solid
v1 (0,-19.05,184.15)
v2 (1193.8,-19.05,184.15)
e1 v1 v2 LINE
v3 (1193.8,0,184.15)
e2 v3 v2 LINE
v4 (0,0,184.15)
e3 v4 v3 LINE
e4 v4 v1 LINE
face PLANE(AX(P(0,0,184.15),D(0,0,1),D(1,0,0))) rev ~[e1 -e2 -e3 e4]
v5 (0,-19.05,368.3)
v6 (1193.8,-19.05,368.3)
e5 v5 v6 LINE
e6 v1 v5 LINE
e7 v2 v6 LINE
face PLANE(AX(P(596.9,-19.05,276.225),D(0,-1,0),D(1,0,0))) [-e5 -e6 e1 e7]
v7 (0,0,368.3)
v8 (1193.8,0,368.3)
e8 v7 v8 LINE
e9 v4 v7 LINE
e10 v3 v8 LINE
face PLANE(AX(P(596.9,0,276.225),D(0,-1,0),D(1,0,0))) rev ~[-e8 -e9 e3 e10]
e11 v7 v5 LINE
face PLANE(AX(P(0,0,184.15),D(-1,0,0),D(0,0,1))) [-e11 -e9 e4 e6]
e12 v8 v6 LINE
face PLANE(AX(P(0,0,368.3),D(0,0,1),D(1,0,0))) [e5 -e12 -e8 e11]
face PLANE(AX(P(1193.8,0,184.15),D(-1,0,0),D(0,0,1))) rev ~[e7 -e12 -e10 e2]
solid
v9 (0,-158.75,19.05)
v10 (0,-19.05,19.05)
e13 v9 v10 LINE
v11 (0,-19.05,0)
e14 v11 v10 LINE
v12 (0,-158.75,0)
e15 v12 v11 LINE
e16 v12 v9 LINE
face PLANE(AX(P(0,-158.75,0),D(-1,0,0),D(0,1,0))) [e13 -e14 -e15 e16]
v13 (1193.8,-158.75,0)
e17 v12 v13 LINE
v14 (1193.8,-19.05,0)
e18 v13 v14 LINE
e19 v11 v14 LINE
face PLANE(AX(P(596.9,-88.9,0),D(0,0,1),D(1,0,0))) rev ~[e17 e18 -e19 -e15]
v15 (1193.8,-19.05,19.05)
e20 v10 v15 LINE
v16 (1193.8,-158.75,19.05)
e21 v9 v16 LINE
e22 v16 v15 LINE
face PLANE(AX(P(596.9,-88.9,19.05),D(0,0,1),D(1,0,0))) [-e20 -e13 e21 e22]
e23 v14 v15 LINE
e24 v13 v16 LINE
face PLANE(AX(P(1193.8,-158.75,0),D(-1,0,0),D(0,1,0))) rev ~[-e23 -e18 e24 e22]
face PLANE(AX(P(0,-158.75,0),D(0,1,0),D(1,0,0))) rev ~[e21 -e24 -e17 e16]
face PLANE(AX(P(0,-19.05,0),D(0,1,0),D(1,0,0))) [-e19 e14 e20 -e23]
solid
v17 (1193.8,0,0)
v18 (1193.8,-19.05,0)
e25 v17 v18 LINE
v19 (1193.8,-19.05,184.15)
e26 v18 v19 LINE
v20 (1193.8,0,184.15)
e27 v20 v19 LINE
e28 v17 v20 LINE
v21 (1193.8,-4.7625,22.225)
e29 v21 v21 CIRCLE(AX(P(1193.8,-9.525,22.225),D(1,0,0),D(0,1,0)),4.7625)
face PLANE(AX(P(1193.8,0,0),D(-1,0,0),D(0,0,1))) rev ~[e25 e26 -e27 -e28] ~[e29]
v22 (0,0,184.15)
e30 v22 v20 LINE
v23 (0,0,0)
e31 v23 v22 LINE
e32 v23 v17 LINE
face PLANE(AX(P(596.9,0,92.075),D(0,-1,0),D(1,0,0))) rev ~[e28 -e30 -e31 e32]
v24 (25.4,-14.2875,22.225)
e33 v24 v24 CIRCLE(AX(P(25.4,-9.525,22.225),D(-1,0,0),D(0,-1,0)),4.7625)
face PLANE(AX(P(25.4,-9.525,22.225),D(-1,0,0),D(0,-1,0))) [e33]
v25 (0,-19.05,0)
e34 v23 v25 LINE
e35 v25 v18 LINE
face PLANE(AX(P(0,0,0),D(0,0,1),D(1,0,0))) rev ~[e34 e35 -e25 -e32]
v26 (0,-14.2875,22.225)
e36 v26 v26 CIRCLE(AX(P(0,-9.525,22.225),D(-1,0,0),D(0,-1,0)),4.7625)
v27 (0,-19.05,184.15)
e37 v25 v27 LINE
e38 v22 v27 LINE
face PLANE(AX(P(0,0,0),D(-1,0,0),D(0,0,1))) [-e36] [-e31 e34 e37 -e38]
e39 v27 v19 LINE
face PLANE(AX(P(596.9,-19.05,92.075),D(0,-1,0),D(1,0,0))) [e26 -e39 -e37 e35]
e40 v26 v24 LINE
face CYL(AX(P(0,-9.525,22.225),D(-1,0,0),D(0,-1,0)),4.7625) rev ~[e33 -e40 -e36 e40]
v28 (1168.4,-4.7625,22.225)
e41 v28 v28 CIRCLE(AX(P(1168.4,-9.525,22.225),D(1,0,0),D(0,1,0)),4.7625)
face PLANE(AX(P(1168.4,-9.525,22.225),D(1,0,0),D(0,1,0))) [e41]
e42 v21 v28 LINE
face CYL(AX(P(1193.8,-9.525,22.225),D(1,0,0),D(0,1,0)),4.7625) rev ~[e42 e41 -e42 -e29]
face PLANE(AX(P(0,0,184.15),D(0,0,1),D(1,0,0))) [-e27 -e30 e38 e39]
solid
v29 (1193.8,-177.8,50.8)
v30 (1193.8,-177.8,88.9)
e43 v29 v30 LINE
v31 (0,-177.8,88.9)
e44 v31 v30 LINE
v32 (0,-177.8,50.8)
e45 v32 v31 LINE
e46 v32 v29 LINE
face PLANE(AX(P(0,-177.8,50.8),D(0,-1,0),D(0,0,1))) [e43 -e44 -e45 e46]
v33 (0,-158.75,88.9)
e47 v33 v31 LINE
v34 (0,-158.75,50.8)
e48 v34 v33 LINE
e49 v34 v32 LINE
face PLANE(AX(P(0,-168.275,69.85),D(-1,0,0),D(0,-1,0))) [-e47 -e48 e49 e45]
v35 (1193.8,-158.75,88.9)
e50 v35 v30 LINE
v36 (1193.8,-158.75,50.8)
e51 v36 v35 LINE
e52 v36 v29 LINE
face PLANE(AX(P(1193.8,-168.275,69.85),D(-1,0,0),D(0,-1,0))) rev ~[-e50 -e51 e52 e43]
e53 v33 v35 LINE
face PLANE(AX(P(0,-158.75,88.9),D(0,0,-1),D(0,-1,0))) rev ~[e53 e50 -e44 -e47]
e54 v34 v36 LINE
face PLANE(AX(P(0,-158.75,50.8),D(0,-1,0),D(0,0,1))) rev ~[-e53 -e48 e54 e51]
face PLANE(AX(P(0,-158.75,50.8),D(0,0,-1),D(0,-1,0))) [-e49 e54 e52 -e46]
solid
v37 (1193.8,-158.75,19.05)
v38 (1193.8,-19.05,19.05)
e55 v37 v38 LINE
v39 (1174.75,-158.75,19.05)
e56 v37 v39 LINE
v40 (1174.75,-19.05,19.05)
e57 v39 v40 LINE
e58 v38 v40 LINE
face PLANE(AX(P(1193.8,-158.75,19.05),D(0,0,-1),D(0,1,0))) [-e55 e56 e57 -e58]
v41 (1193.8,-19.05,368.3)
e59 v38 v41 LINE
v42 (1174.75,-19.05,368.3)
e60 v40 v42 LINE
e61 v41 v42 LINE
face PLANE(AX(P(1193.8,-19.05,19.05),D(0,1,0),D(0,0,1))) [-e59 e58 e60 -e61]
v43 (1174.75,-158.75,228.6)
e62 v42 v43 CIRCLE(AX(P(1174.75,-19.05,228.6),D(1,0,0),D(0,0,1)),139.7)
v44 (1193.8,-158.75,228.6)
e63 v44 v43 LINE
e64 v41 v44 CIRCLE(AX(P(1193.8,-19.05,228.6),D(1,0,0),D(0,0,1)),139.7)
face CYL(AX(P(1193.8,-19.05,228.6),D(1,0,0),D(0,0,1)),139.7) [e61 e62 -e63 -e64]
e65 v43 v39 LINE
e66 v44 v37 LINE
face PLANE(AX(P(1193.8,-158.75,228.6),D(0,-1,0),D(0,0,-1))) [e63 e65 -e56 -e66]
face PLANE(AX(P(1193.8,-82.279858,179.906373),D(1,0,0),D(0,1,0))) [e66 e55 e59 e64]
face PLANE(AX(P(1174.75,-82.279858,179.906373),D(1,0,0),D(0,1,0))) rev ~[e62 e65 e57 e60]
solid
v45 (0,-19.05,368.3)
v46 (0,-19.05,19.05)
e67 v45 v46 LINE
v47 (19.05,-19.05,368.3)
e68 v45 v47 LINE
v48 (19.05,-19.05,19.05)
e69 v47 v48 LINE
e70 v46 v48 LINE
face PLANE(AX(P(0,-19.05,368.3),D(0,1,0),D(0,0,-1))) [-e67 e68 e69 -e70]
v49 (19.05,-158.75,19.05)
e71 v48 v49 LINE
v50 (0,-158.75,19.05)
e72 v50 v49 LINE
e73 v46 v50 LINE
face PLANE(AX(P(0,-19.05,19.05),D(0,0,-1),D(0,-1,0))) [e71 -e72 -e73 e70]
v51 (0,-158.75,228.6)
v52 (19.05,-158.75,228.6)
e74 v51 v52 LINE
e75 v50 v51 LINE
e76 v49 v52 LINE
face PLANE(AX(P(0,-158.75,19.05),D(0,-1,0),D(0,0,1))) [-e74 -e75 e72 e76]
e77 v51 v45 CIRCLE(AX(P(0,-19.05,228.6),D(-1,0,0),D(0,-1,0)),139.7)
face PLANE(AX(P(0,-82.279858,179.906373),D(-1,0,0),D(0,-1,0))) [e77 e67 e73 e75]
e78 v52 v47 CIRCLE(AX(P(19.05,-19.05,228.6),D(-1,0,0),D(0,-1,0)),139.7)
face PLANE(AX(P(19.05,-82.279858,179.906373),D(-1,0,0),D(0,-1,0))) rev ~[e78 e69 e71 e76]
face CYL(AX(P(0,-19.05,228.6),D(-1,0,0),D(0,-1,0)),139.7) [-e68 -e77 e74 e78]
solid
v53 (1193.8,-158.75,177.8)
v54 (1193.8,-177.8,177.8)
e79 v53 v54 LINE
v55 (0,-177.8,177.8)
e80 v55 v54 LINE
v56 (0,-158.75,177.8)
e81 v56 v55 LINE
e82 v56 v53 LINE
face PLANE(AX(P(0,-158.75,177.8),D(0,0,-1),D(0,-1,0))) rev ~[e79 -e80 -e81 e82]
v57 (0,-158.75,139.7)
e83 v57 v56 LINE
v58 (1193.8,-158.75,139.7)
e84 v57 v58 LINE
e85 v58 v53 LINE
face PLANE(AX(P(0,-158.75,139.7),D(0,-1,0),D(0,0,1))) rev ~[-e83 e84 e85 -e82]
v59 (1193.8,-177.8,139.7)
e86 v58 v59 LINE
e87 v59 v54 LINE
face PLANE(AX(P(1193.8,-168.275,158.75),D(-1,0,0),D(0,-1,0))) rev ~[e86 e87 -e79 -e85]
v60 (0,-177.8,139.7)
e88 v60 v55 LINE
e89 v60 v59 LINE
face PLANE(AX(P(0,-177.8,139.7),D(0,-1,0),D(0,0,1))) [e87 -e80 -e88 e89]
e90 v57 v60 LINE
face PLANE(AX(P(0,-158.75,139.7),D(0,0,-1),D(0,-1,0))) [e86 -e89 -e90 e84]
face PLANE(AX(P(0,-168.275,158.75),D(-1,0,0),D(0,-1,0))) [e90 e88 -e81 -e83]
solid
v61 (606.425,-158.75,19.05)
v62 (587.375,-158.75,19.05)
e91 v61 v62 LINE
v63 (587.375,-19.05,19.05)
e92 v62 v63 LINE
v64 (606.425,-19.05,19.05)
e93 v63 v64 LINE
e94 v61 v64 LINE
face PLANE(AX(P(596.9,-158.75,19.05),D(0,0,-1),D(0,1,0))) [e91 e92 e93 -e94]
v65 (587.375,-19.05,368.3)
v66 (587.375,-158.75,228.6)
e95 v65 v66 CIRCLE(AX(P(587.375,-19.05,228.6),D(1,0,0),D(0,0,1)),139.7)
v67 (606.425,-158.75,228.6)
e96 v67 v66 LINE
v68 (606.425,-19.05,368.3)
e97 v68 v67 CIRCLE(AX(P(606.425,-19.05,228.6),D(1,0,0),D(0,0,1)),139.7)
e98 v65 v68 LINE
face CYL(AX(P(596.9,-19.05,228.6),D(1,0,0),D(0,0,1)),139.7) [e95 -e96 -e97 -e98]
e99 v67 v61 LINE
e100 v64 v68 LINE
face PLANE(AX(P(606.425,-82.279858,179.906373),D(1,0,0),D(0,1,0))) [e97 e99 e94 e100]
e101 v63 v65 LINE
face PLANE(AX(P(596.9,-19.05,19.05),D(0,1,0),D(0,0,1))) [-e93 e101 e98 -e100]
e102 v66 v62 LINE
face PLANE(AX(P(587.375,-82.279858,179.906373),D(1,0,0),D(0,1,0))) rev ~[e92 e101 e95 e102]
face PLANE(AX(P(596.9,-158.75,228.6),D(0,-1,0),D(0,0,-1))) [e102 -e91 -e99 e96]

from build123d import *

# Parameters (mm, degrees)
F0_W      = 1193.8
F0_H      = 184.15
F1_DEPTH  = 19.05
F2_W      = 1193.8
F2_H      = 184.15
F3_DEPTH  = 19.05
F4_W      = 1193.8
F4_H      = 139.7
F5_DEPTH  = 19.05
F7_DEPTH  = 19.05
F9_DEPTH  = 19.05
F13_DEPTH = 9.525
F14_W     = 19.05
F14_H     = 38.1
F15_DEPTH = 1193.8
F16_W     = 19.05
F16_H     = 38.1
F17_DEPTH = 1193.8
F18_R     = 4.7625
F19_DEPTH = 25.4
F20_R     = 4.7625
F21_DEPTH = 25.4


with BuildPart() as f1:
    # F0 (on Front) → F1 (new body)
    with BuildSketch(Plane.XZ):
        with Locations((596.9, 92.075)):
            Rectangle(F0_W, F0_H)
    extrude(amount=F1_DEPTH)

    # F18 (on face) → F19 (cut)
    with BuildSketch(Plane.YZ.offset(1193.8)):
        with Locations((-9.525, 22.225)):
            Circle(F18_R)
    extrude(amount=-F19_DEPTH, mode=Mode.SUBTRACT)

    # F20 (on face) → F21 (cut)
    with BuildSketch(Plane(origin=(0, 0, 0), x_dir=(0, -1, 0), z_dir=(-1, 0, 0))):
        with Locations((9.525, 22.225)):
            Circle(F20_R)
    extrude(amount=-F21_DEPTH, mode=Mode.SUBTRACT)


with BuildPart() as f3:
    # F2 (on Front) → F3 (new body)
    with BuildSketch(Plane.XZ):
        with Locations((596.9, 276.225)):
            Rectangle(F2_W, F2_H)
    extrude(amount=F3_DEPTH)


with BuildPart() as f5:
    # F4 (on Top) → F5 (new body)
    with BuildSketch(Plane.XY):
        with Locations((596.9, -88.9)):
            Rectangle(F4_W, F4_H)
    extrude(amount=F5_DEPTH)


with BuildPart() as f7:
    # F6 (on face) → F7 (new body)
    with BuildSketch(Plane(origin=(0, 0, 0), x_dir=(0, -1, 0), z_dir=(-1, 0, 0))):
        with BuildLine():
            Line((19.05, 368.3), (19.05, 19.05))
            Line((19.05, 19.05), (158.75, 19.05))
            Line((158.75, 19.05), (158.75, 228.6))
            ThreePointArc((158.75, 228.6), (117.8328173318, 327.3828173318), (19.05, 368.3))
        make_face()
    extrude(amount=-F7_DEPTH)


with BuildPart() as f9:
    # F8 (on face) → F9 (new body)
    with BuildSketch(Plane.YZ.offset(1193.8)):
        with BuildLine():
            Line((-158.75, 228.6), (-158.75, 19.05))
            Line((-158.75, 19.05), (-19.05, 19.05))
            Line((-19.05, 19.05), (-19.05, 368.3))
            ThreePointArc((-19.05, 368.3), (-117.8328173318, 327.3828173318), (-158.75, 228.6))
        make_face()
    extrude(amount=-F9_DEPTH)


with BuildPart() as f13:
    # F12 (on plane+point) → F13 (new body, symmetric)
    with BuildSketch(Plane.YZ.offset(596.9)):
        with BuildLine():
            Line((-158.75, 19.05), (-19.05, 19.05))
            Line((-19.05, 19.05), (-19.05, 368.3))
            ThreePointArc((-19.05, 368.3), (-117.8328173318, 327.3828173318), (-158.75, 228.6))
            Line((-158.75, 228.6), (-158.75, 19.05))
        make_face()
    extrude(amount=F13_DEPTH, both=True)


with BuildPart() as f15:
    # F14 (on face) → F15 (new body, through all)
    with BuildSketch(Plane(origin=(0, 0, 0), x_dir=(0, -1, 0), z_dir=(-1, 0, 0))):
        with Locations((168.275, 69.85)):
            Rectangle(F14_W, F14_H)
    extrude(amount=-F15_DEPTH)


with BuildPart() as f17:
    # F16 (on face) → F17 (new body, through all)
    with BuildSketch(Plane(origin=(0, 0, 0), x_dir=(0, -1, 0), z_dir=(-1, 0, 0))):
        with Locations((168.275, 158.75)):
            Rectangle(F16_W, F16_H)
    extrude(amount=-F17_DEPTH)


solid = Compound([f1.part, f3.part, f5.part, f7.part, f9.part, f13.part, f15.part, f17.part])
